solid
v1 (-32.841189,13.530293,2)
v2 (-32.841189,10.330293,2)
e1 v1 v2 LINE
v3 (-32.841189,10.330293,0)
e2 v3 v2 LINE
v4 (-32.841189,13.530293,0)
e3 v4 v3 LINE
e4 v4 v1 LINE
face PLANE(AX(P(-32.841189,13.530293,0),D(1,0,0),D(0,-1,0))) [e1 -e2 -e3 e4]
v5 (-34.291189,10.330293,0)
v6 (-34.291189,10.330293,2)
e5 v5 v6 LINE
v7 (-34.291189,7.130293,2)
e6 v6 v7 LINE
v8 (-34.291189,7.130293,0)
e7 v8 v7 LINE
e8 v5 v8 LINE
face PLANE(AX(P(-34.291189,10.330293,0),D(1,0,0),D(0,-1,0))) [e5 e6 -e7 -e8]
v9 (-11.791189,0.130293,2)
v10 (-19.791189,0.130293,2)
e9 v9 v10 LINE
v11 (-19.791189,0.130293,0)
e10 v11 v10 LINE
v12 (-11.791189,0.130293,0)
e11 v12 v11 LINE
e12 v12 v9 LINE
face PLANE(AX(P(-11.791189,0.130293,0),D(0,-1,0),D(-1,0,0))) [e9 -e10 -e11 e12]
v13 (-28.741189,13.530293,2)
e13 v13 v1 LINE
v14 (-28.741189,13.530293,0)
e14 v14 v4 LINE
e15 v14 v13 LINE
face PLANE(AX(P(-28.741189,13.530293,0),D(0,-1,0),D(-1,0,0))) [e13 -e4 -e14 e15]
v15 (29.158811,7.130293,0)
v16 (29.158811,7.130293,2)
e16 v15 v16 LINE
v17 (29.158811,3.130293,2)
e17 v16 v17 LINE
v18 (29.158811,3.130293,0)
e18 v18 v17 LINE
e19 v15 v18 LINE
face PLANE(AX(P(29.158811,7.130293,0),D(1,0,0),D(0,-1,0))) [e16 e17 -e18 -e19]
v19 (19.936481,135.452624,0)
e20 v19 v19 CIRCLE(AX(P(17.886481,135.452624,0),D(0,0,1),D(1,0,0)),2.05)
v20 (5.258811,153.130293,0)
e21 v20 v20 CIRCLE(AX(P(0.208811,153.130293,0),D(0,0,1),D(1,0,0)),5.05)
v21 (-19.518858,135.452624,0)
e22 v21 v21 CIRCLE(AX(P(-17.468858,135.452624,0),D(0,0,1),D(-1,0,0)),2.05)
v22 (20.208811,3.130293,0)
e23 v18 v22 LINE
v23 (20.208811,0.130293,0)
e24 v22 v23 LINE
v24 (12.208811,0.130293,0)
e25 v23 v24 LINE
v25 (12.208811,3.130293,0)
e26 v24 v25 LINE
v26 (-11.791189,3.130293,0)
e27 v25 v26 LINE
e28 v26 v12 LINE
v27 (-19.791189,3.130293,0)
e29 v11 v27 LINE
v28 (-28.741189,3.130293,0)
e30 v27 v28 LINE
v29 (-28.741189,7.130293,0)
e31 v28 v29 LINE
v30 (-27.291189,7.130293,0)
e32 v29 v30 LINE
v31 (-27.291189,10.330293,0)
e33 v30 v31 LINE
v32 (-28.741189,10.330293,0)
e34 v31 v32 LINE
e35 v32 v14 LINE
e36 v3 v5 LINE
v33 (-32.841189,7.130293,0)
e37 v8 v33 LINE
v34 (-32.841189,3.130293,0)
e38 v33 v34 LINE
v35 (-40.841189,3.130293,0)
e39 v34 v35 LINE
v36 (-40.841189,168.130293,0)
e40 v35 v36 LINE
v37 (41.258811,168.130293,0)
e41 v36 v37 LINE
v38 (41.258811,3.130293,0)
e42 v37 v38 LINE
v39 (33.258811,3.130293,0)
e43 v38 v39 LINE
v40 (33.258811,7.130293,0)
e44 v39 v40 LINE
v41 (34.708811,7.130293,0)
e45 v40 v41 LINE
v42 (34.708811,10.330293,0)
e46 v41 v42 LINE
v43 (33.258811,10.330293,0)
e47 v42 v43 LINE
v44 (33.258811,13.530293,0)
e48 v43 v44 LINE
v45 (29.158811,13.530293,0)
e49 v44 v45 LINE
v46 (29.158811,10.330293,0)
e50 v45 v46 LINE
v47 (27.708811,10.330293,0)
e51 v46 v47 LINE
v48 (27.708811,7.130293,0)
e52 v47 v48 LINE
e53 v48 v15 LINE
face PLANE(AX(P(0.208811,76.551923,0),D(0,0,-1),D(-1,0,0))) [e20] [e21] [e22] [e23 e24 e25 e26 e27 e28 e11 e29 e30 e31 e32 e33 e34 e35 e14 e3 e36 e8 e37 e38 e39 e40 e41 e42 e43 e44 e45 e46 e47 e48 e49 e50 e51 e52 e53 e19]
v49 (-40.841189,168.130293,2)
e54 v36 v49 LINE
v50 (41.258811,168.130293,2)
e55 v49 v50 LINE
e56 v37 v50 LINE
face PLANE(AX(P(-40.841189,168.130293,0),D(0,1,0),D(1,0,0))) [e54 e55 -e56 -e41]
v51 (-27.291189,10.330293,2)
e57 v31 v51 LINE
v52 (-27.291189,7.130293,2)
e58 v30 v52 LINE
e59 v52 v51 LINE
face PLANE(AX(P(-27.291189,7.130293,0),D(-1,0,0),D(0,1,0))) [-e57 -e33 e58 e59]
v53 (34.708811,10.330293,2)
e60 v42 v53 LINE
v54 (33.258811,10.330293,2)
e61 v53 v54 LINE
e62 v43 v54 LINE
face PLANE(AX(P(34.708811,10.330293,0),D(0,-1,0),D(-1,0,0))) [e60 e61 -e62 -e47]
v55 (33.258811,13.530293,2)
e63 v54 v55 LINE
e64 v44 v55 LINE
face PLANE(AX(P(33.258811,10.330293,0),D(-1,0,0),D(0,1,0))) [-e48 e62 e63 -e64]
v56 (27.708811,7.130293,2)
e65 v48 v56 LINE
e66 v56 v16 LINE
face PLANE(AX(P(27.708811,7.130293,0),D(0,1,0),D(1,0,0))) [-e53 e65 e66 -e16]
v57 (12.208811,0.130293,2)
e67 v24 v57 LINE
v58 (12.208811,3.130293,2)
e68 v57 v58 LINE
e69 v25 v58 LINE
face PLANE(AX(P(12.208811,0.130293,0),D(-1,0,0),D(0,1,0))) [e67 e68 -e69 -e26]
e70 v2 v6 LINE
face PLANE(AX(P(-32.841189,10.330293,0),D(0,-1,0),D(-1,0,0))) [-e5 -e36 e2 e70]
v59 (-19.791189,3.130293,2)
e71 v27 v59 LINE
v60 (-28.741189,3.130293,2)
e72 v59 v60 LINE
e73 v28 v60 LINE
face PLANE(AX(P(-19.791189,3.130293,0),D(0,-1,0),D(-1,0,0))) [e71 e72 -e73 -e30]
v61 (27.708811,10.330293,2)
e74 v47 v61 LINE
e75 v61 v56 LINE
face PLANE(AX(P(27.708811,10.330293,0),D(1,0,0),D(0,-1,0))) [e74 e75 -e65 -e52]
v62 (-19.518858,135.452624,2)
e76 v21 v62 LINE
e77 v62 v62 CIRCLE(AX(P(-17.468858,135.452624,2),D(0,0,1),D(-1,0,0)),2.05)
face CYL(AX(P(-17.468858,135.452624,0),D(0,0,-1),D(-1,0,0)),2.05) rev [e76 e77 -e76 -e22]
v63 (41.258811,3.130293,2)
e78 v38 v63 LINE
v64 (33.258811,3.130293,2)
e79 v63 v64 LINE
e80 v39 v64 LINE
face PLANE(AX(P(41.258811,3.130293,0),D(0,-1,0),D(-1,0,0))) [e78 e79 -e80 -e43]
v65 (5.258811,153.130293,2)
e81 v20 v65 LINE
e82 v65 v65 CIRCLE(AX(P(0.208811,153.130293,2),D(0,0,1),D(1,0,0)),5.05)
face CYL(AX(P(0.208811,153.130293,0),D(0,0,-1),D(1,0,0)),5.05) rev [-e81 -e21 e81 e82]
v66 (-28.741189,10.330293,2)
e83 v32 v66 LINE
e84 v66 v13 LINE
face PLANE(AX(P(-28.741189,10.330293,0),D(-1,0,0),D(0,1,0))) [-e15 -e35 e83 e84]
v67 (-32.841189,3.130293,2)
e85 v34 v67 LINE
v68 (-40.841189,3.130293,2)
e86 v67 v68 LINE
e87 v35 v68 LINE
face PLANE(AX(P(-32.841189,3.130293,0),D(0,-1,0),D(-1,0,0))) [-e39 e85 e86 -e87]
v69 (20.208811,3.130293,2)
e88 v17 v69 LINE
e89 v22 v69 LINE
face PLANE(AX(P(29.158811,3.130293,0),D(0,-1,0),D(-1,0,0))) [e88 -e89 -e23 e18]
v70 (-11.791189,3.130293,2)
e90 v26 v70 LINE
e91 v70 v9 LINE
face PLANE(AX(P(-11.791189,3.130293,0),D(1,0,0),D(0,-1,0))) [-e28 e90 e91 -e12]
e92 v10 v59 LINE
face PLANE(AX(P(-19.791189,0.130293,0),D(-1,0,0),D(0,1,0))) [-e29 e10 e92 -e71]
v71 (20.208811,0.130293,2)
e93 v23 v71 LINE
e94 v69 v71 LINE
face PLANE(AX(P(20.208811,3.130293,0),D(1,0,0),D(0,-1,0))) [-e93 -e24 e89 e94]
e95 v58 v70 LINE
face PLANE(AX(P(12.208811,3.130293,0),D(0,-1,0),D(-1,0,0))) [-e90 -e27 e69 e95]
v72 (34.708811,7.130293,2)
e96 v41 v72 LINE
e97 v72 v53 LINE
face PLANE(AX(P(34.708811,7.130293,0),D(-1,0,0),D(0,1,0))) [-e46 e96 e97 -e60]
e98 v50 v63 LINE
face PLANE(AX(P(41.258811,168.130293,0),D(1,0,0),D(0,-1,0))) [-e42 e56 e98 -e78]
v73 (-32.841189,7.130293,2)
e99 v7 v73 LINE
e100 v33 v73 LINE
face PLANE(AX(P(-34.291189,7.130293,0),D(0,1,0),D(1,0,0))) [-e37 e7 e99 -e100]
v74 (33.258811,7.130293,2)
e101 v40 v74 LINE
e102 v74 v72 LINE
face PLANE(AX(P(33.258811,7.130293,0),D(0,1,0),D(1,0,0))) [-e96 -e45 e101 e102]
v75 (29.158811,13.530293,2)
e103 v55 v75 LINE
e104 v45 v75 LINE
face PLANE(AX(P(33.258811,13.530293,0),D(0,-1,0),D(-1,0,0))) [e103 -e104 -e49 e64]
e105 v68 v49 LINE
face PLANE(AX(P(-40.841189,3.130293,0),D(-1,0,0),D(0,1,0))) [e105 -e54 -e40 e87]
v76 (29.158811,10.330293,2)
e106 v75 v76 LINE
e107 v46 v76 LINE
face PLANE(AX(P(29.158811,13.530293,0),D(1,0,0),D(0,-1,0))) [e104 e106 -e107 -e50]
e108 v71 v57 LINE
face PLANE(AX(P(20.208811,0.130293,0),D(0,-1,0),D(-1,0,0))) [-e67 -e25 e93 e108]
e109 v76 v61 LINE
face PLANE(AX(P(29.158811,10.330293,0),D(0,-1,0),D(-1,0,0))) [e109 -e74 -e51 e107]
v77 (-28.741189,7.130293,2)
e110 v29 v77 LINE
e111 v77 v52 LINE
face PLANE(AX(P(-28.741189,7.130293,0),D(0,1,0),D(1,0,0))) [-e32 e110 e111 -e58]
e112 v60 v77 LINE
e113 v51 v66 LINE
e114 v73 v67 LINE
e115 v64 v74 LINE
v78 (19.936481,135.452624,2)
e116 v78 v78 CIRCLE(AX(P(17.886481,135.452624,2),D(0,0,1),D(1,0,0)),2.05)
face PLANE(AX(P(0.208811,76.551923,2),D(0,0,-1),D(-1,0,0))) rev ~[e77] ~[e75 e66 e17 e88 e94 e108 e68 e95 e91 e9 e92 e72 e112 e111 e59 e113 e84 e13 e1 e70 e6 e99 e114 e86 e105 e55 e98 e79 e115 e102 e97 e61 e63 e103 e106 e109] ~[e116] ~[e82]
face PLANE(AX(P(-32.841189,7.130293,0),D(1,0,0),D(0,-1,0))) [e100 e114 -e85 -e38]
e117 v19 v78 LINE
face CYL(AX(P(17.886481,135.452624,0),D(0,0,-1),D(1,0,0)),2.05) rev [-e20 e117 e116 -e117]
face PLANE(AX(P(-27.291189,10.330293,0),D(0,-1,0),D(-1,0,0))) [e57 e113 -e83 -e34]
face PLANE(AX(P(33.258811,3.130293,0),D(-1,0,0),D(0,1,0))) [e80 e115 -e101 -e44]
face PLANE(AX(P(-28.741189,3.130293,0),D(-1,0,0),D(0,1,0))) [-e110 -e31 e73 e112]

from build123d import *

# Parameters (mm, degrees)
SKETCH_1_R      = 5.05
SKETCH_1_R_2    = 2.05
EXTRUDE_1_DEPTH = 2


with BuildPart() as part:
    # 草图1 → 凸台-拉伸1 (new body)
    with BuildSketch(Plane.XY):
        Polygon((-28.741188564, 3.13029316), (-28.741188564, 7.13029316), (-27.291188564, 7.13029316), (-27.291188564, 10.33029316), (-28.741188564, 10.33029316), (-28.741188564, 13.53029316), (-32.841188564, 13.53029316), (-32.841188564, 10.33029316), (-34.291188564, 10.33029316), (-34.291188564, 7.13029316), (-32.841188564, 7.13029316), (-32.841188564, 3.13029316), (-40.841188564, 3.13029316), (-40.841188564, 168.13029316), (41.258811436, 168.13029316), (41.258811436, 3.13029316), (33.258811436, 3.13029316), (33.258811436, 7.13029316), (34.708811436, 7.13029316), (34.708811436, 10.33029316), (33.258811436, 10.33029316), (33.258811436, 13.53029316), (29.158811436, 13.53029316), (29.158811436, 10.33029316), (27.708811436, 10.33029316), (27.708811436, 7.13029316), (29.158811436, 7.13029316), (29.158811436, 3.13029316), (20.208811436, 3.13029316), (20.208811436, 0.13029316), (12.208811436, 0.13029316), (12.208811436, 3.13029316), (-11.791188564, 3.13029316), (-11.791188564, 0.13029316), (-19.791188564, 0.13029316), (-19.791188564, 3.13029316), align=None)
        with Locations((0.208811436, 153.13029316)):
            Circle(SKETCH_1_R, mode=Mode.SUBTRACT)
        with Locations((17.886480965, 135.45262363)):
            Circle(SKETCH_1_R_2, mode=Mode.SUBTRACT)
        with Locations(Location((-17.468858094, 135.45262363, 0), (0, 0, 180))):
            Circle(SKETCH_1_R_2, mode=Mode.SUBTRACT)
    extrude(amount=EXTRUDE_1_DEPTH)


solid = part.part
